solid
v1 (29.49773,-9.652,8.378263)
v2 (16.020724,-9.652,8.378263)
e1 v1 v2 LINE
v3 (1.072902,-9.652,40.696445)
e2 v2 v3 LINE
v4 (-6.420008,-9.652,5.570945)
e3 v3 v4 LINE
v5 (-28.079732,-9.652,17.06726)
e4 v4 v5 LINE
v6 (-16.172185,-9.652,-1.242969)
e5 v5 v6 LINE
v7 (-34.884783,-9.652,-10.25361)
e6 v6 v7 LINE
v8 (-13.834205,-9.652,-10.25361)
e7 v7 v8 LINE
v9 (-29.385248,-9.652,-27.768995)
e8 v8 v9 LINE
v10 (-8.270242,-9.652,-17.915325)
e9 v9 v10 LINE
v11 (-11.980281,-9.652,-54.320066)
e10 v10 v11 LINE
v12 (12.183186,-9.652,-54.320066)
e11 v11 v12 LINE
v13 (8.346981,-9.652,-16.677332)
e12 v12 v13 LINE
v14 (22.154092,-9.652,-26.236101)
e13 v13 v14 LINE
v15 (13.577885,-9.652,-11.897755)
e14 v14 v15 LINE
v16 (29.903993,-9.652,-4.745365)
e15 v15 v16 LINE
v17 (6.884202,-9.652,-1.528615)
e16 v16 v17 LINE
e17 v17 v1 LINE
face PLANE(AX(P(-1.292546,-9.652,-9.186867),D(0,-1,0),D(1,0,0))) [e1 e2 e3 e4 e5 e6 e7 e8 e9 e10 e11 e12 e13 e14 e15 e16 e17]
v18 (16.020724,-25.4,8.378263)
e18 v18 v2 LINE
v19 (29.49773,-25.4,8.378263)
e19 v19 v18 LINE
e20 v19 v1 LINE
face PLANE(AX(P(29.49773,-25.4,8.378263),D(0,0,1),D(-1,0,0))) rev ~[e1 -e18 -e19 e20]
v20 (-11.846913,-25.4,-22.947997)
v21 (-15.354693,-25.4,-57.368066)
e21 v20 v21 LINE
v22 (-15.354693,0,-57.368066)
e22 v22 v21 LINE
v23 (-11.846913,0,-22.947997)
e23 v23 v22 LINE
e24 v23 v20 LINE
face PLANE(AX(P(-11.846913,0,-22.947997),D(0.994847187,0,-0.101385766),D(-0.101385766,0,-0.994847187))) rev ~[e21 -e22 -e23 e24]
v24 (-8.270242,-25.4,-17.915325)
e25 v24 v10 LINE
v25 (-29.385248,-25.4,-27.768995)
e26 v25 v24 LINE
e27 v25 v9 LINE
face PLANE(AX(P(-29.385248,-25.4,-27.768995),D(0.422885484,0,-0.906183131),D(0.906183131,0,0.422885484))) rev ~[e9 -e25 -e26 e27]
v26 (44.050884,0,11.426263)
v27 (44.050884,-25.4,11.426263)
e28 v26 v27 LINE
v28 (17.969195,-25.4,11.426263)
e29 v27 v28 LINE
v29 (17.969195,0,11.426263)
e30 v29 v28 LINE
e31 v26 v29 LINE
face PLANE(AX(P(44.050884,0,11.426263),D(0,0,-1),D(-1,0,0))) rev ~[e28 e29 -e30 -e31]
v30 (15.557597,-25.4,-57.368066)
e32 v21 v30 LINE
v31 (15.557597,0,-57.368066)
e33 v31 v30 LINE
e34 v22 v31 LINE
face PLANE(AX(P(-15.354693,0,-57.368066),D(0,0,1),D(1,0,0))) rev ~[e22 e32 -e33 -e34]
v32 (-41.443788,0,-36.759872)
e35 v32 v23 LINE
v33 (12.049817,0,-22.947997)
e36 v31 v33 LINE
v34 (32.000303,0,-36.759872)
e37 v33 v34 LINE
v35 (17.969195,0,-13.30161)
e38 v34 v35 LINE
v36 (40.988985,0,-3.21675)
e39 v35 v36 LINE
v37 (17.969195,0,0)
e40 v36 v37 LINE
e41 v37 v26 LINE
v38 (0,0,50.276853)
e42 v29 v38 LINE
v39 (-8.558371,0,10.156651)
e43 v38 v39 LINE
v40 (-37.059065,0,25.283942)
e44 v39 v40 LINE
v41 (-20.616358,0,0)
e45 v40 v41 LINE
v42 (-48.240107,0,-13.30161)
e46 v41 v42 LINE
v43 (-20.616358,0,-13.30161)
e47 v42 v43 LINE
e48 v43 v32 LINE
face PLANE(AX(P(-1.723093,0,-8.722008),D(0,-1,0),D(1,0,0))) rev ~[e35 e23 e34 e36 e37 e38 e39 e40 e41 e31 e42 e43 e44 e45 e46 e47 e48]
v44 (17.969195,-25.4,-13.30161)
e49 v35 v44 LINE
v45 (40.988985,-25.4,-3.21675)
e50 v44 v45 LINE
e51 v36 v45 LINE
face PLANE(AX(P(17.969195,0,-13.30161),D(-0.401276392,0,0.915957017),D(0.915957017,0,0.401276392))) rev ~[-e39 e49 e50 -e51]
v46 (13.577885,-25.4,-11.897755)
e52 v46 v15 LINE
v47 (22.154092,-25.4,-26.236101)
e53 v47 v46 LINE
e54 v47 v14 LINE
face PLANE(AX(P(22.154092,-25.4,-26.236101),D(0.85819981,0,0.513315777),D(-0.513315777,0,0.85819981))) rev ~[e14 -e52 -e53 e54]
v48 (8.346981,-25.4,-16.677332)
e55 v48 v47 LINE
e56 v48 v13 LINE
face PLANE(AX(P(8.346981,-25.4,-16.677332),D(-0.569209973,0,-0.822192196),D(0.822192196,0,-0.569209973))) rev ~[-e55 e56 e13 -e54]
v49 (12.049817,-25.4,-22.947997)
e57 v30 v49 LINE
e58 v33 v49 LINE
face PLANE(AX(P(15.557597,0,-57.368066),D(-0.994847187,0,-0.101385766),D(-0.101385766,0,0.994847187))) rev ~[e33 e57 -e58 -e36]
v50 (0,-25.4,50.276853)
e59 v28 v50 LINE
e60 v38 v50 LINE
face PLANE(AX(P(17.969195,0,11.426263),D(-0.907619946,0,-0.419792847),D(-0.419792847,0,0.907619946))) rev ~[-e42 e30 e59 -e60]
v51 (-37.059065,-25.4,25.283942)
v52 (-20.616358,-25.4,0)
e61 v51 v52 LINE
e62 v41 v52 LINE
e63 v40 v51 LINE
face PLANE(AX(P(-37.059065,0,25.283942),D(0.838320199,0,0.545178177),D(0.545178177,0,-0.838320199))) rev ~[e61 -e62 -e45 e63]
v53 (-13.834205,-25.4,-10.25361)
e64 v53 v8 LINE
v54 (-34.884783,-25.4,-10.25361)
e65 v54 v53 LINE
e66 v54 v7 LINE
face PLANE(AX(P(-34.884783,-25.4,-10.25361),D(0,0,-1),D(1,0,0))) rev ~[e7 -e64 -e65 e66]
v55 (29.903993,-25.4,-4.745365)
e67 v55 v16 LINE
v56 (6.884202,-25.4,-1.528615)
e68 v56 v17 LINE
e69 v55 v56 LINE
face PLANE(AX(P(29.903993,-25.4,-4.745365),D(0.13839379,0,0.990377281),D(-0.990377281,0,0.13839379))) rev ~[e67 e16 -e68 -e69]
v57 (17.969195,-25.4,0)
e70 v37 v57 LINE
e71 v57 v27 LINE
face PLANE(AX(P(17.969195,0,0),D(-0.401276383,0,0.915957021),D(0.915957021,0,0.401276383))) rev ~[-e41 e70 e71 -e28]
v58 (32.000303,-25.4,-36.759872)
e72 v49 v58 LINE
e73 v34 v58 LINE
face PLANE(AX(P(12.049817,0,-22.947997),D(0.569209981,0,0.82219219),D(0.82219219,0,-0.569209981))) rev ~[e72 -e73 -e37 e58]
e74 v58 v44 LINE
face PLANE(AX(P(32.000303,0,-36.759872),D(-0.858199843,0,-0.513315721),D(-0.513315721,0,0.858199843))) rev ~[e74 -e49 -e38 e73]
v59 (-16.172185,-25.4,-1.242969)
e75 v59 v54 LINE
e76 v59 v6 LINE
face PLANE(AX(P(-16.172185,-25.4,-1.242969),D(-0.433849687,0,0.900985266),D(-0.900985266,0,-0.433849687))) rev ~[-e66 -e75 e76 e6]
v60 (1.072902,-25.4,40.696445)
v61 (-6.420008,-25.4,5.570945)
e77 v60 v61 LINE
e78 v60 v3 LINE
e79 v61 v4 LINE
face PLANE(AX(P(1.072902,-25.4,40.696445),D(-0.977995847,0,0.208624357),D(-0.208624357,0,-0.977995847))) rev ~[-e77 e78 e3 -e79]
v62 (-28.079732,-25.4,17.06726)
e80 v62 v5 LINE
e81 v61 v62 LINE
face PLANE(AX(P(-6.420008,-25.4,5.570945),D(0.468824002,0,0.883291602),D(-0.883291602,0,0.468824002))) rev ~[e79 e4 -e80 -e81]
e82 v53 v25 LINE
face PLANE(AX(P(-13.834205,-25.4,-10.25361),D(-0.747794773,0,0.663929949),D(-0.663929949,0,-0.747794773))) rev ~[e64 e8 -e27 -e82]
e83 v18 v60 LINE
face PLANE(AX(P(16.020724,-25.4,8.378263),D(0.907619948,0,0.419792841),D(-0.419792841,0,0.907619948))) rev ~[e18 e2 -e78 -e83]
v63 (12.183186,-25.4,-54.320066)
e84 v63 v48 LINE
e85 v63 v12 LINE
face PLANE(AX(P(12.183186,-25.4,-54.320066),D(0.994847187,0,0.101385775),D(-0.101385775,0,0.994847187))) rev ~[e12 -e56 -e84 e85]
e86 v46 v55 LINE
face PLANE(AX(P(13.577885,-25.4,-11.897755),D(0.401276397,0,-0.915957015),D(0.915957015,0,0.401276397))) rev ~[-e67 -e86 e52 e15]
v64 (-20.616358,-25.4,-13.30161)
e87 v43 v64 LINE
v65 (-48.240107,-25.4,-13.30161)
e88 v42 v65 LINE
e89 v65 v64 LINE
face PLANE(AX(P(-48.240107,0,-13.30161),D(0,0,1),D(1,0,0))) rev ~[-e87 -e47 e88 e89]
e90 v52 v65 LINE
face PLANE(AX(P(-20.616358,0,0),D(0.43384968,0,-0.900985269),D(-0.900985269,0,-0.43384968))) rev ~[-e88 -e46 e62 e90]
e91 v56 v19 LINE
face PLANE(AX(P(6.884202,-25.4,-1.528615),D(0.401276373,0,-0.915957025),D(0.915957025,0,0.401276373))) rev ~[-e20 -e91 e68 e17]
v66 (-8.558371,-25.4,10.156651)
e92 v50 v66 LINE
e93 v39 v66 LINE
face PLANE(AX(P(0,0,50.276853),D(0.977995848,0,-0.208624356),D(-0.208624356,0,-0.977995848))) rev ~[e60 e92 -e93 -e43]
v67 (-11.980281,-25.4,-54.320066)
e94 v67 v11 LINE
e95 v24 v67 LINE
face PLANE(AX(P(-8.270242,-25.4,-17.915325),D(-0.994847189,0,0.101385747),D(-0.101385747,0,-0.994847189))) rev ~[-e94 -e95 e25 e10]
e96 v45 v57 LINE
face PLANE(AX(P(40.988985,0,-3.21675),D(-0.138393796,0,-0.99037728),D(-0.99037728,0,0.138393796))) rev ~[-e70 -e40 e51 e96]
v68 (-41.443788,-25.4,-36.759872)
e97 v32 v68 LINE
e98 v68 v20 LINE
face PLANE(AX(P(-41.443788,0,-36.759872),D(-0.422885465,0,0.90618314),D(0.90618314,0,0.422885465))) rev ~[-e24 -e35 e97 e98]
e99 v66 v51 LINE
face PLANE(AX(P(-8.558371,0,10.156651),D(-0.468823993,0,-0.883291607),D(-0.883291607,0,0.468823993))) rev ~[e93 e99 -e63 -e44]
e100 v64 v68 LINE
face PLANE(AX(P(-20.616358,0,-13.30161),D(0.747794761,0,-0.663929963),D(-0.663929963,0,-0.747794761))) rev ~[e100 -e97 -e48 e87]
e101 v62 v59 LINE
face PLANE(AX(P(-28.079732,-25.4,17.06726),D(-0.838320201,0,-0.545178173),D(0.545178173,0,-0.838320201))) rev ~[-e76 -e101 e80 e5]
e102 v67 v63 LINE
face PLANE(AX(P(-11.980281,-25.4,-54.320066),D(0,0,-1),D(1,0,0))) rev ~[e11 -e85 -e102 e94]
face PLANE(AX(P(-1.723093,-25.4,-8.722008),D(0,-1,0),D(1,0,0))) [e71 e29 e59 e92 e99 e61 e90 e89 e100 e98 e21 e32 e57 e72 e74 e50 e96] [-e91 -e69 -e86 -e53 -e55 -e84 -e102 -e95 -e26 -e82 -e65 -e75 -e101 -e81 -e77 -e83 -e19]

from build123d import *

# Parameters (mm, degrees)
F1_DEPTH = 25.4
F3_DEPTH = 15.748


with BuildPart() as f1:
    # F0 (on Front) → F1 (new body)
    with BuildSketch(Plane.XZ):
        Polygon((17.969195, 11.426263), (0, 50.276853), (-8.558371, 10.156651), (-37.059065, 25.283942), (-20.616358, 0), (-48.240107, -13.30161), (-20.616358, -13.30161), (-41.443788, -36.759872), (-11.846913, -22.947997), (-15.354693, -57.368066), (15.557597, -57.368066), (12.049817, -22.947997), (32.000303, -36.759872), (17.969195, -13.30161), (40.988985, -3.21675), (17.969195, 0), (44.050884, 11.426263), align=None)
    extrude(amount=F1_DEPTH)

    # F2 (on face) → F3 (cut)
    with BuildSketch(Plane.XZ.offset(25.4)):
        Polygon((22.154092, -26.236101), (13.577885, -11.897755), (29.903993, -4.745365), (6.884202, -1.528615), (29.49773, 8.378263), (16.020724, 8.378263), (1.072902, 40.696445), (-6.420008, 5.570945), (-28.079732, 17.06726), (-16.172185, -1.242969), (-34.884783, -10.25361), (-13.834205, -10.25361), (-29.385248, -27.768995), (-8.270242, -17.915325), (-11.980281, -54.320066), (12.183186, -54.320066), (8.346981, -16.677332), align=None)
    extrude(amount=-F3_DEPTH, mode=Mode.SUBTRACT)


solid = f1.part
